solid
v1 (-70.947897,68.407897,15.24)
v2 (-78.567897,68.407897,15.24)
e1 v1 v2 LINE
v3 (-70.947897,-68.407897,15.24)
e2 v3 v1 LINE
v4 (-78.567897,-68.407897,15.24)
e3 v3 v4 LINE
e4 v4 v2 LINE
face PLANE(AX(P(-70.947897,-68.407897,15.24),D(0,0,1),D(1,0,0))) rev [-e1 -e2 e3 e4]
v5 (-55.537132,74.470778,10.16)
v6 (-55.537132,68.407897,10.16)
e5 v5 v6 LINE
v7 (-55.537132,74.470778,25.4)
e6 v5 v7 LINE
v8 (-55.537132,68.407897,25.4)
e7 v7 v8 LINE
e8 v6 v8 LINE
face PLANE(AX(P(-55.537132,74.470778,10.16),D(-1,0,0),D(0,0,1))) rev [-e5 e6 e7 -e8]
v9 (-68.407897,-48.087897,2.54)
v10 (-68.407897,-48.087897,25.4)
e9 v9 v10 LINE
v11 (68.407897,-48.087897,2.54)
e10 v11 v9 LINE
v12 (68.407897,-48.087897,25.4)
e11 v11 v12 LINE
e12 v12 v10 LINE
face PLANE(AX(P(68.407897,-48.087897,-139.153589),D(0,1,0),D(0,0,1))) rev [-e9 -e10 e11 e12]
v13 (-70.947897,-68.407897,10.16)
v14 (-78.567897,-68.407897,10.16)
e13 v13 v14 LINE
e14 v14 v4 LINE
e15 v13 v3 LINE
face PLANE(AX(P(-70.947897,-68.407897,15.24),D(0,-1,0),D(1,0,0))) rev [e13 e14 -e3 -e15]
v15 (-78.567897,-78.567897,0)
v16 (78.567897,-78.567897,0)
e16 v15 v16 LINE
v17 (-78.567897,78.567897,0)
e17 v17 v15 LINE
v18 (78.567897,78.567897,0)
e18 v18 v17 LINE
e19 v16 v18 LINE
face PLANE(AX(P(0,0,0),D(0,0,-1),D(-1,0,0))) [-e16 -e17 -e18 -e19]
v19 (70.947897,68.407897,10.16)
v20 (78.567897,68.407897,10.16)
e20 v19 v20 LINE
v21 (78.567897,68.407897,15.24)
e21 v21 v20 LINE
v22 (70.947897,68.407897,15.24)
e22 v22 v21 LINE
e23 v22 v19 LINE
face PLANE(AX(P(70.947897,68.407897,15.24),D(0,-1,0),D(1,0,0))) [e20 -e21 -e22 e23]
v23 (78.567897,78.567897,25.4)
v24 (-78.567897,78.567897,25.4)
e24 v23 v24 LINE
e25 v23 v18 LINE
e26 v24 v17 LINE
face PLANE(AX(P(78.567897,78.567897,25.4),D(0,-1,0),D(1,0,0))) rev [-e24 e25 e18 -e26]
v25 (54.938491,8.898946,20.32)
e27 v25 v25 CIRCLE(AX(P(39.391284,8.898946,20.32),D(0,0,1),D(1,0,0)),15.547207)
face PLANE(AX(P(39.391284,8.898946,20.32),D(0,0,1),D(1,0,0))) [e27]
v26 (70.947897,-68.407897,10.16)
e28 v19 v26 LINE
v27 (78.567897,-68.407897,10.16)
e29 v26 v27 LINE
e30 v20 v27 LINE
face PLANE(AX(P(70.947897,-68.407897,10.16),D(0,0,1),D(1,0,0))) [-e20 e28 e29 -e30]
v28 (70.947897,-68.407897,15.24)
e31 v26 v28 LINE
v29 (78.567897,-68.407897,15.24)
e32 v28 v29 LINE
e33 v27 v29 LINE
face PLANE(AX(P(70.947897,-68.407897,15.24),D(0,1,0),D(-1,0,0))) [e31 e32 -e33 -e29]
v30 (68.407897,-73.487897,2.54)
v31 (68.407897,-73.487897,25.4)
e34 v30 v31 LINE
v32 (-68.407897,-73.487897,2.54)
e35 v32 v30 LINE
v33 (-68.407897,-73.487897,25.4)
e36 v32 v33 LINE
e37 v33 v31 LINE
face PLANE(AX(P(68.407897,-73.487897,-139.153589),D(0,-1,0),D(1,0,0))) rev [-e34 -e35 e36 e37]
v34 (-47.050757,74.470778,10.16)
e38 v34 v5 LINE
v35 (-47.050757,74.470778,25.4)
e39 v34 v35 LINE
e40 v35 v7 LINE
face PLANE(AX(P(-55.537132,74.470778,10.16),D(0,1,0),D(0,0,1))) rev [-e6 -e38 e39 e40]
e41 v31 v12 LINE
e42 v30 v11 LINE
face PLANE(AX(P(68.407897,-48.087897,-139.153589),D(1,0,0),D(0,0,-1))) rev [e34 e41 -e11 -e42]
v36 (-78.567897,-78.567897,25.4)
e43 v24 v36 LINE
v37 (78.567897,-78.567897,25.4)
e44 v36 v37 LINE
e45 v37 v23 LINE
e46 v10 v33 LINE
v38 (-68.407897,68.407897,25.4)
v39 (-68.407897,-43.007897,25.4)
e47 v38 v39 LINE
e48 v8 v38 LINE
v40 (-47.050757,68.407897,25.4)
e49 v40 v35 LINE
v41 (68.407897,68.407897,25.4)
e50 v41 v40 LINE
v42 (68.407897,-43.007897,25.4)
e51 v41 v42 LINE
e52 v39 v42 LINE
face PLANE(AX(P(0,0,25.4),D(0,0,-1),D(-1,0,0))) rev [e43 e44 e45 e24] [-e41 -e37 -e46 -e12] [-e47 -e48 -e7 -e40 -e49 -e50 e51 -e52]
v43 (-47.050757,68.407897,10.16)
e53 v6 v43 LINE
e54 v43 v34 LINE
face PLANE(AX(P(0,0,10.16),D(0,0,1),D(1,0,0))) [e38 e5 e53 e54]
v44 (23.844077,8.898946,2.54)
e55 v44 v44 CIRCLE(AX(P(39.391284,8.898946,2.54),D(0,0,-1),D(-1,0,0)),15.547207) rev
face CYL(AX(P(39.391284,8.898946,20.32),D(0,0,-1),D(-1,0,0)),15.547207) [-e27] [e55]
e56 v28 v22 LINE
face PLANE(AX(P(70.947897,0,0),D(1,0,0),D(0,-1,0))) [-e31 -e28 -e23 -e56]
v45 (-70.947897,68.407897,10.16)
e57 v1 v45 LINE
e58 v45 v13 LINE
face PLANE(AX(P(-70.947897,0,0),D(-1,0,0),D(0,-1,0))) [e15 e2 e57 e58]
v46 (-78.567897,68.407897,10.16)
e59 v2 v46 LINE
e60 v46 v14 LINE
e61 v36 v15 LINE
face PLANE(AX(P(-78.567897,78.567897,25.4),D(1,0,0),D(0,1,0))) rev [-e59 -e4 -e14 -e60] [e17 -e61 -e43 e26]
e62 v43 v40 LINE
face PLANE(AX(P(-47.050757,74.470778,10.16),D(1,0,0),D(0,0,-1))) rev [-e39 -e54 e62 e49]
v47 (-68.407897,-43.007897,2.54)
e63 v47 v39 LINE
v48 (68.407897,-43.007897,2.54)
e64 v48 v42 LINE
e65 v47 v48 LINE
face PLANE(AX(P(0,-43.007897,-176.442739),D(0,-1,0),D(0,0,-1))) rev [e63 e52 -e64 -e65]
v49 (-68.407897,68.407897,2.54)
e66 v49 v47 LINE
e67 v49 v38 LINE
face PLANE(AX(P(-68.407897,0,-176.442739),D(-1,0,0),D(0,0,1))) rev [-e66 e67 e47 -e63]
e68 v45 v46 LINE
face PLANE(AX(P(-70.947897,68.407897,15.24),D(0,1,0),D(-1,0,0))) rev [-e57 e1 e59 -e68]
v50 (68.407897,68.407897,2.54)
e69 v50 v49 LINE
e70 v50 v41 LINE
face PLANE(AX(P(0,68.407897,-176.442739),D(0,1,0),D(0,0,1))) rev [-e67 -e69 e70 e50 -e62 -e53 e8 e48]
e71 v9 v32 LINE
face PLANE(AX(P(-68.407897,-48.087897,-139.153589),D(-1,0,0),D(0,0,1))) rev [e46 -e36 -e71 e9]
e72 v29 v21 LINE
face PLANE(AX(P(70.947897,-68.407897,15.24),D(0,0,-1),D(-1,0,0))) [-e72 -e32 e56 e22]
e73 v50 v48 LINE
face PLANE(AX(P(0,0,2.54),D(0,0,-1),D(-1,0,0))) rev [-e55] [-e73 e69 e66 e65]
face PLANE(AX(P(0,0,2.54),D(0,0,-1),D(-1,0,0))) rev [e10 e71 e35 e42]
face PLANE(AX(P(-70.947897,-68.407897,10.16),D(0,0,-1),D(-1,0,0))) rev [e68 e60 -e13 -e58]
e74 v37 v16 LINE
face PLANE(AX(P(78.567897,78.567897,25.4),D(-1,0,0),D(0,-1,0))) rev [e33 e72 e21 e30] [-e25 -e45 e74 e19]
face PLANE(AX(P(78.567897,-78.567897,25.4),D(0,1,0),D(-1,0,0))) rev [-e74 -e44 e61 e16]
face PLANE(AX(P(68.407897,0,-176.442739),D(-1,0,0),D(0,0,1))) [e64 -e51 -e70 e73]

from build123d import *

# Parameters (mm, degrees)
SKETCH1_W           = 157.13579329
SKETCH1_H           = 157.13579329
BOSS_EXTRUDE1_DEPTH = 25.4
SKETCH2_W           = 136.81579329
SKETCH2_H           = 111.41579329
CUT_EXTRUDE1_DEPTH  = 22.86
SKETCH3_W           = 136.81579329
SKETCH3_H           = 25.4
CUT_EXTRUDE2_DEPTH  = 22.86
SKETCH5_W           = 5.08
SKETCH5_H           = 136.81579329
CUT_EXTRUDE3_DEPTH  = 7.62
SKETCH6_W           = 8.486375486
SKETCH6_H           = 6.062880986
CUT_EXTRUDE4_DEPTH  = 15.24
SKETCH8_R           = 15.547206761
BOSS_EXTRUDE3_DEPTH = 17.78


with BuildPart() as part:
    # Sketch1 → Boss-Extrude1 (new body)
    with BuildSketch(Plane.XY):
        Rectangle(SKETCH1_W, SKETCH1_H)
    extrude(amount=BOSS_EXTRUDE1_DEPTH)

    # Sketch2 → Cut-Extrude1 (cut)
    with BuildSketch(Plane.XY.offset(25.4)):
        with Locations((0, 12.7)):
            Rectangle(SKETCH2_W, SKETCH2_H)
    extrude(amount=-CUT_EXTRUDE1_DEPTH, mode=Mode.SUBTRACT)

    # Sketch3 → Cut-Extrude2 (cut)
    with BuildSketch(Plane.XY.offset(25.4)):
        with Locations((0, -60.787896645)):
            Rectangle(SKETCH3_W, SKETCH3_H)
    extrude(amount=-CUT_EXTRUDE2_DEPTH, mode=Mode.SUBTRACT)

    # Sketch5 → Cut-Extrude3 (cut)
    with BuildSketch(Plane.ZY.offset(78.567896645)):
        with Locations((12.7, 0)):
            Rectangle(SKETCH5_W, SKETCH5_H)
    cut_extrude3 = extrude(amount=-CUT_EXTRUDE3_DEPTH, mode=Mode.SUBTRACT)

    # Mirror1: Cut-Extrude3 across plane
    add(cut_extrude3.mirror(Plane(origin=(0, 0, 0), x_dir=(0, 0, 1), z_dir=(1, 0, 0))), mode=Mode.SUBTRACT)

    # Sketch6 → Cut-Extrude4 (cut)
    with BuildSketch(Plane.XY.offset(25.4)):
        with Locations((-51.293944562, 71.439337138)):
            Rectangle(SKETCH6_W, SKETCH6_H)
    extrude(amount=-CUT_EXTRUDE4_DEPTH, mode=Mode.SUBTRACT)

    # Sketch8 → Boss-Extrude3 (add)
    with BuildSketch(Plane.XY.offset(2.54)):
        with Locations((39.391283746, 8.898945532)):
            Circle(SKETCH8_R)
    extrude(amount=BOSS_EXTRUDE3_DEPTH)


solid = part.part
